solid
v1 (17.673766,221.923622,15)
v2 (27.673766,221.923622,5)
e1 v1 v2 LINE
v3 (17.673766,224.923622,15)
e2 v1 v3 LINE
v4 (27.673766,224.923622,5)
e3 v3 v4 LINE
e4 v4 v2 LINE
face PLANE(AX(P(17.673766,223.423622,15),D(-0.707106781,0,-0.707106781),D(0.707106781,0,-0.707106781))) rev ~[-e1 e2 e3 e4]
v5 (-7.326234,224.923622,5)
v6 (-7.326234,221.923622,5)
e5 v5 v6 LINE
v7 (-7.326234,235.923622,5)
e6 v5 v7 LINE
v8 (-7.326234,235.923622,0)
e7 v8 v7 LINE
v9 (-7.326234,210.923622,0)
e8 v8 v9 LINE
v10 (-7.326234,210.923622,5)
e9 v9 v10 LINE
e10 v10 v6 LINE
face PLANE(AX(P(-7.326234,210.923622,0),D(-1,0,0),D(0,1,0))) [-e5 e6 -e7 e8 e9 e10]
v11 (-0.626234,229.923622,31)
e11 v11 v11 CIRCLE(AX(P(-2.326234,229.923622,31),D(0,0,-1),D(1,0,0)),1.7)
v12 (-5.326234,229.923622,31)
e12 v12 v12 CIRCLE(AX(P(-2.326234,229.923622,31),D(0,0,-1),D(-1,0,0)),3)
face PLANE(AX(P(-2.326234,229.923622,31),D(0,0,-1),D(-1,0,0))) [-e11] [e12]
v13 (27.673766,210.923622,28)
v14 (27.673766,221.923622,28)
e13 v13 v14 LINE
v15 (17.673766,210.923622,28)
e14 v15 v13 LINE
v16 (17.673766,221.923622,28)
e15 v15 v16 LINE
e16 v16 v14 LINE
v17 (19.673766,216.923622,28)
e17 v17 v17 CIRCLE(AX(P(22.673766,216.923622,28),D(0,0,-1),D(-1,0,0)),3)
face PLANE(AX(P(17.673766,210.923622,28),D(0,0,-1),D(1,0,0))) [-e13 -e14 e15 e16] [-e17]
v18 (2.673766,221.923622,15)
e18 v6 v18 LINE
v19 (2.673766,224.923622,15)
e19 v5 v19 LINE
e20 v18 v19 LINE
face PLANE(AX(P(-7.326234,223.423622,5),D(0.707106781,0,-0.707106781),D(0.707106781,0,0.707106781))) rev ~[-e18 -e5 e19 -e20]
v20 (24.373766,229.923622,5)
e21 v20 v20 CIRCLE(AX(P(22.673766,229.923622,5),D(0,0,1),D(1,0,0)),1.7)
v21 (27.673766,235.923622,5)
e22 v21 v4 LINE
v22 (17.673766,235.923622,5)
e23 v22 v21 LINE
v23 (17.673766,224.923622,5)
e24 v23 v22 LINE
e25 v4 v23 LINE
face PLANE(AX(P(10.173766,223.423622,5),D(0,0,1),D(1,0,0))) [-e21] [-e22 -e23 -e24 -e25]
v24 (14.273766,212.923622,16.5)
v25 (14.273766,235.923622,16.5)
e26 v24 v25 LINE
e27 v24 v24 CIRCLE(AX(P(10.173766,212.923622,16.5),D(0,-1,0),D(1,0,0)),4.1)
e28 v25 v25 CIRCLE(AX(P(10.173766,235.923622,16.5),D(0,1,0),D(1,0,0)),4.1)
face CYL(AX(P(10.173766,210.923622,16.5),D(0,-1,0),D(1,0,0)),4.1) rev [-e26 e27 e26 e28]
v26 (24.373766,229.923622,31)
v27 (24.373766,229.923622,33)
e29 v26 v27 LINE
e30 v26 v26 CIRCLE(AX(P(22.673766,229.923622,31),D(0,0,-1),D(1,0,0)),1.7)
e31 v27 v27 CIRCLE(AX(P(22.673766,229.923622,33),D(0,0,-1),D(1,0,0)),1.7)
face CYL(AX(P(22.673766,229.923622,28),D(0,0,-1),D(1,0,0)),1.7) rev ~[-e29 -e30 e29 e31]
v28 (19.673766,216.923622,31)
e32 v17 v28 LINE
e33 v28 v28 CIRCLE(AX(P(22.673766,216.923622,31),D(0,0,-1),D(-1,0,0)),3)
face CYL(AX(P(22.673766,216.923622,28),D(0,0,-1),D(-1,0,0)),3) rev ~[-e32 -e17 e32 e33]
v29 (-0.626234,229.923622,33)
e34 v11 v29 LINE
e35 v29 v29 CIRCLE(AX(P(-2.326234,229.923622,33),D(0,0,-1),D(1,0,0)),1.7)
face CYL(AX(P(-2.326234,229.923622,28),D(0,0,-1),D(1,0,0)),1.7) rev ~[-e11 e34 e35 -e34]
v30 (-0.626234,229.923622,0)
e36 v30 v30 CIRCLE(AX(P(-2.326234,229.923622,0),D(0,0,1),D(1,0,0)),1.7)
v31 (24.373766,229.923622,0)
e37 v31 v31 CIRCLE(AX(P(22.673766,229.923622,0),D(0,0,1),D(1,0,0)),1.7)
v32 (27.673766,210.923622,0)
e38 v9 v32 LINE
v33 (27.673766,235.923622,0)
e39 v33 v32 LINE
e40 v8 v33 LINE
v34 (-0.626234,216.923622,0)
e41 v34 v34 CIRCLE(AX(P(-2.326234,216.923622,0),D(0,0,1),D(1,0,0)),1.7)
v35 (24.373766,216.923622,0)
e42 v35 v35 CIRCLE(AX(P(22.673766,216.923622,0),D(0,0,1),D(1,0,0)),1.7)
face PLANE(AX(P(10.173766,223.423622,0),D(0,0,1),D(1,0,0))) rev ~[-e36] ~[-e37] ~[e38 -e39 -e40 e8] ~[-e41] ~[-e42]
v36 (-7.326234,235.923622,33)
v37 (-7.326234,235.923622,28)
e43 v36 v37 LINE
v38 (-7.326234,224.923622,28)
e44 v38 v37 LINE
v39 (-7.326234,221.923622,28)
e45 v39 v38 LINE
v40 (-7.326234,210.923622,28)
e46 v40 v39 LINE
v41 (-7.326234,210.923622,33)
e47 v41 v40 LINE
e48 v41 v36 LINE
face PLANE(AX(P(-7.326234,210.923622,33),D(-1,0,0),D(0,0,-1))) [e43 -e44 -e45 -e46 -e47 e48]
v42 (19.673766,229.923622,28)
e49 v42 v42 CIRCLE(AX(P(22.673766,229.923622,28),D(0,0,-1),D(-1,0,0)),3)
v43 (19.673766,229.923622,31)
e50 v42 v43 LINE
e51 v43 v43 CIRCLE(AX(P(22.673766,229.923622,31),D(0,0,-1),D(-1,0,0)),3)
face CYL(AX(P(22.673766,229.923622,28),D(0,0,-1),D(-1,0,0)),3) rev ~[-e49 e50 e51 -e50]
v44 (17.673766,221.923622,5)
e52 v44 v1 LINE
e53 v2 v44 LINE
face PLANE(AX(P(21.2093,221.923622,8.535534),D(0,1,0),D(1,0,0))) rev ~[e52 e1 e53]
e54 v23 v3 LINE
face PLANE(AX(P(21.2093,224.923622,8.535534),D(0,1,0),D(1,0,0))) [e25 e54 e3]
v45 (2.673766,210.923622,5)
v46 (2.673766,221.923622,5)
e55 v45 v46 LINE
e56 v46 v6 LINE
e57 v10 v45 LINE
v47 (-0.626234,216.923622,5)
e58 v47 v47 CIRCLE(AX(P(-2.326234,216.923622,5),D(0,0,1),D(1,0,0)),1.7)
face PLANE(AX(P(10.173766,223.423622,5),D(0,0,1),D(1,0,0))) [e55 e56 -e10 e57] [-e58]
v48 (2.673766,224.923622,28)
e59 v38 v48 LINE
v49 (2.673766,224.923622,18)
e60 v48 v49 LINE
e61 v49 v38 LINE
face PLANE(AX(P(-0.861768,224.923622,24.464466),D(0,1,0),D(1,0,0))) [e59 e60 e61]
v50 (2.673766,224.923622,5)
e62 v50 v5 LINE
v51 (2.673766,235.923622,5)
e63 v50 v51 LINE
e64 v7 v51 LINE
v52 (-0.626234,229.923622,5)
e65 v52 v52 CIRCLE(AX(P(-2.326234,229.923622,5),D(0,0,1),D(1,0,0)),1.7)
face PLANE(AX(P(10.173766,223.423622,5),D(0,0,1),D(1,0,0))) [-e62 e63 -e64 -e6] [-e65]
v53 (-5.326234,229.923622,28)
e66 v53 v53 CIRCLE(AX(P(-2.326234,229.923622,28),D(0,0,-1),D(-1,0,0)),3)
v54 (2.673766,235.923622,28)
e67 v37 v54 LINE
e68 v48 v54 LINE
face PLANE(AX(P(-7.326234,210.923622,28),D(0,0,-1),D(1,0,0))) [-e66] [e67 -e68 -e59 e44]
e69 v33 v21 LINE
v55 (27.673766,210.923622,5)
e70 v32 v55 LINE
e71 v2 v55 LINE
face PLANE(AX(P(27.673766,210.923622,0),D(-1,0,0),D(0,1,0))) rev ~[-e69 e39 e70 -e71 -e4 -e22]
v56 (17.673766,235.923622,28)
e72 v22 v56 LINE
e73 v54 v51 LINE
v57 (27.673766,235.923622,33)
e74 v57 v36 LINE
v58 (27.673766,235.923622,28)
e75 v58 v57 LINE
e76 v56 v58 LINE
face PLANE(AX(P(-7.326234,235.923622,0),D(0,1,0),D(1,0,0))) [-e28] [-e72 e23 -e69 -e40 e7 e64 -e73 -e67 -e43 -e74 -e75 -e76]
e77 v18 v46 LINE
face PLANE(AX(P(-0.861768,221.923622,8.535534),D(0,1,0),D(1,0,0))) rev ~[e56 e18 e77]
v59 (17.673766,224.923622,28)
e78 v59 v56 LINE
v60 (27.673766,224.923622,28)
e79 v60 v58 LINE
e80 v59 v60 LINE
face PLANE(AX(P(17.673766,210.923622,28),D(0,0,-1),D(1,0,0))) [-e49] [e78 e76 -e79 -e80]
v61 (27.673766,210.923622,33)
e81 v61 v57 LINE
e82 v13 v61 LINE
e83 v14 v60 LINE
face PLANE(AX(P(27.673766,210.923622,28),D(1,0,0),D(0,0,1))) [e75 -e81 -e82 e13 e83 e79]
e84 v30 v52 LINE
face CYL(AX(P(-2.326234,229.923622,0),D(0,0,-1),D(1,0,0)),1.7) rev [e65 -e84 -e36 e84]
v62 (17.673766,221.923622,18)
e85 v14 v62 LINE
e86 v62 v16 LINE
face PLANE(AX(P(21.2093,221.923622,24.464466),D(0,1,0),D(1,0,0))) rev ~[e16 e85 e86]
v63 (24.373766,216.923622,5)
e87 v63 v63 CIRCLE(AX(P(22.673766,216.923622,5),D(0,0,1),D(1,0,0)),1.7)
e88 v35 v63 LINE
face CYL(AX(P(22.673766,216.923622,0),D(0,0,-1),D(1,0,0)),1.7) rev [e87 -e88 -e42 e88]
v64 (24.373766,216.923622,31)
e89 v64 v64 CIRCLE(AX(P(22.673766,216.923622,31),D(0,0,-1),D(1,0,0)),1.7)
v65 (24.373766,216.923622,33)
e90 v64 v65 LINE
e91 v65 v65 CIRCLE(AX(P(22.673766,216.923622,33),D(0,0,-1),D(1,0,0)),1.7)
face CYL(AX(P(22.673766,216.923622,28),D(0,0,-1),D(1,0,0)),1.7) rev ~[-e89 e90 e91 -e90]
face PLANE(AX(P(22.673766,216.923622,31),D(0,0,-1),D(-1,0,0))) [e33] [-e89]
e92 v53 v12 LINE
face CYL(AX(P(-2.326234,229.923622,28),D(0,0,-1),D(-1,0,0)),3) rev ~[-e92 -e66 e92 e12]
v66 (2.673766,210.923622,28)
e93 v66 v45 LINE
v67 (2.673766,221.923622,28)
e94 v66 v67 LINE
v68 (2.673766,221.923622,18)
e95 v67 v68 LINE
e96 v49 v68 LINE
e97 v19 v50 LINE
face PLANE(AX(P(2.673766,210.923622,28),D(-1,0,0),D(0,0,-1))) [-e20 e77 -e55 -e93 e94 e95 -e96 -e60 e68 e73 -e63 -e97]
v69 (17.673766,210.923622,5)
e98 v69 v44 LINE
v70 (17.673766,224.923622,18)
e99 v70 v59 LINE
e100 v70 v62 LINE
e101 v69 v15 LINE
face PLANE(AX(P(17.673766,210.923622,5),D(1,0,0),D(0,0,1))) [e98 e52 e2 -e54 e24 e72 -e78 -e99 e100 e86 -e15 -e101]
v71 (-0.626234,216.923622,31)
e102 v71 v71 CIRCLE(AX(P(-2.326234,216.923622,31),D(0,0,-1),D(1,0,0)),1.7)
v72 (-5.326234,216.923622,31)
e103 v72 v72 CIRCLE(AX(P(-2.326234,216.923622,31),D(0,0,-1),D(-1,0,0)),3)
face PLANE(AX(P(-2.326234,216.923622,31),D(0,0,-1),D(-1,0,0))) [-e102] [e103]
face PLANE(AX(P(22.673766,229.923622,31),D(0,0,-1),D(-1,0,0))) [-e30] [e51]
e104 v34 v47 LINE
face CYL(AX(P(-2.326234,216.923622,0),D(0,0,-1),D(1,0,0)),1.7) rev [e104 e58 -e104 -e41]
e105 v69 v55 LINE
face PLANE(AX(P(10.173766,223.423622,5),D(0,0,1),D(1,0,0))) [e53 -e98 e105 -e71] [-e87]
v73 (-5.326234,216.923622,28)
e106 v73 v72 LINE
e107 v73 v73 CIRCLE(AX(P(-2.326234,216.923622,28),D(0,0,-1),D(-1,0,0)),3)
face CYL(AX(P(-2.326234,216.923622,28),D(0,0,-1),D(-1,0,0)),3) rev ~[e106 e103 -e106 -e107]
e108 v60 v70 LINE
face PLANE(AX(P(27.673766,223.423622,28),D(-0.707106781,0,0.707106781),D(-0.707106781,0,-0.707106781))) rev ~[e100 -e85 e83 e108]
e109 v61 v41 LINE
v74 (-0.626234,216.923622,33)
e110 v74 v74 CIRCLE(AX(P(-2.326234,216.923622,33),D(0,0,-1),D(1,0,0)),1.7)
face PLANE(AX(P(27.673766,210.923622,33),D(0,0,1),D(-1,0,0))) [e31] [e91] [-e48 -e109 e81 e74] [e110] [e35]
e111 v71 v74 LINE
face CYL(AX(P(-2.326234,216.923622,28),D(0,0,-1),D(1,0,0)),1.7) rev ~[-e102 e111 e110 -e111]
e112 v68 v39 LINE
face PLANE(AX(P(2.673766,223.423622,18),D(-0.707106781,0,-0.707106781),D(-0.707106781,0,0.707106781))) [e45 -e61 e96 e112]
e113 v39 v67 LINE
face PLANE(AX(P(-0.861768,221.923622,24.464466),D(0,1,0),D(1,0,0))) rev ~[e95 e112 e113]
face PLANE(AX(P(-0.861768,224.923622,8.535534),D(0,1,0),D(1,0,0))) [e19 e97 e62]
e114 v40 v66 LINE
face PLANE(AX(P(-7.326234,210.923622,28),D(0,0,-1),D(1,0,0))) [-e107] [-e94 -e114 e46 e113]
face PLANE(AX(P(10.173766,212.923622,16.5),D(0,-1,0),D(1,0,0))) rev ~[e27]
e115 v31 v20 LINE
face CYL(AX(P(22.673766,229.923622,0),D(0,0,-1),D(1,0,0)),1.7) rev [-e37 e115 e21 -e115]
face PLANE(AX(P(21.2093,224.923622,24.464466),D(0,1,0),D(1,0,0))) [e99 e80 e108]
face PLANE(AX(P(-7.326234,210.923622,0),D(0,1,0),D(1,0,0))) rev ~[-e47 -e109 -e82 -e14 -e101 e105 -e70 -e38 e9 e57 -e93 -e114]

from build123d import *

# Parameters (mm, degrees)
SKETCH1_W           = 35
SKETCH1_H           = 25
SKETCH1_R           = 1.7
BOSS_EXTRUDE1_DEPTH = 5
BOSS_EXTRUDE2_DEPTH = 25
SKETCH4_R           = 1.7
CUT_EXTRUDE1_DEPTH  = 5
SKETCH5_R           = 3
SKETCH5_R_2         = 1.7
CUT_EXTRUDE3_DEPTH  = 3
BOSS_EXTRUDE3_DEPTH = 2
BOSS_EXTRUDE4_DEPTH = 1.5


with BuildPart() as part:
    # Sketch1 → Boss-Extrude1 (new body)
    with BuildSketch(Plane.XY):
        with Locations((10.173766162, 223.42362241)):
            Rectangle(SKETCH1_W, SKETCH1_H)
        with Locations((22.673766162, 216.923622409)):
            Circle(SKETCH1_R, mode=Mode.SUBTRACT)
        with Locations((22.673766162, 229.923622409)):
            Circle(SKETCH1_R, mode=Mode.SUBTRACT)
        with Locations((-2.326233838, 229.923622409)):
            Circle(SKETCH1_R, mode=Mode.SUBTRACT)
        with Locations((-2.326233838, 216.923622409)):
            Circle(SKETCH1_R, mode=Mode.SUBTRACT)
    extrude(amount=BOSS_EXTRUDE1_DEPTH)

    # Sketch3 → Boss-Extrude2 (add)
    with BuildSketch(Plane.XZ.offset(-210.92362241)):
        with BuildLine():
            Line((17.673766162, 28), (2.673766162, 28))
            Line((2.673766162, 28), (2.673766162, 16.5))
            Line((2.673766162, 16.5), (6.073766162, 16.5))
            ThreePointArc((6.073766162, 16.5), (10.173766162, 20.6), (14.273766162, 16.5))
            Line((14.273766162, 16.5), (17.673766162, 16.5))
            Line((17.673766162, 16.5), (17.673766162, 28))
        make_face()
        with BuildLine():
            Line((6.073766162, 16.5), (2.673766162, 16.5))
            Line((2.673766162, 16.5), (2.673766162, 5))
            Line((2.673766162, 5), (17.673766162, 5))
            Line((17.673766162, 5), (17.673766162, 16.5))
            Line((17.673766162, 16.5), (14.273766162, 16.5))
            ThreePointArc((14.273766162, 16.5), (10.173766162, 12.4), (6.073766162, 16.5))
        make_face()
        Polygon((27.673766162, 33), (-7.326233838, 33), (-7.326233838, 28), (2.673766162, 28), (17.673766162, 28), (27.673766162, 28), align=None)
    extrude(amount=-BOSS_EXTRUDE2_DEPTH)

    # Sketch4 → Cut-Extrude1 (cut)
    with BuildSketch(Plane(origin=(0, 0, 28), x_dir=(-1, 0, 0), z_dir=(0, 0, -1))):
        with Locations(Location((-22.673766162, 229.923622409, 0), (0, 0, 180))):
            Circle(SKETCH4_R)
        with Locations(Location((-22.673766162, 216.923622409, 0), (0, 0, 180))):
            Circle(SKETCH4_R)
        with Locations(Location((2.326233838, 229.923622409, 0), (0, 0, 180))):
            Circle(SKETCH4_R)
        with Locations(Location((2.326233838, 216.923622409, 0), (0, 0, 180))):
            Circle(SKETCH4_R)
    extrude(amount=-CUT_EXTRUDE1_DEPTH, mode=Mode.SUBTRACT)

    # Sketch5 → Cut-Extrude3 (cut)
    # profile 1 of 4: a face of its own
    with BuildSketch(Plane(origin=(0, 0, 28), x_dir=(-1, 0, 0), z_dir=(0, 0, -1))):
        with Locations((2.326233838, 216.923622409)):
            Circle(SKETCH5_R)
        with Locations((2.326233838, 216.923622409)):
            Circle(SKETCH5_R_2, mode=Mode.SUBTRACT)
    # profile 2 of 4: a face of its own
    with BuildSketch(Plane(origin=(0, 0, 28), x_dir=(-1, 0, 0), z_dir=(0, 0, -1))):
        with Locations((2.326233838, 229.923622409)):
            Circle(SKETCH5_R)
        with Locations((2.326233838, 229.923622409)):
            Circle(SKETCH5_R_2, mode=Mode.SUBTRACT)
    # profile 3 of 4: a face of its own
    with BuildSketch(Plane(origin=(0, 0, 28), x_dir=(-1, 0, 0), z_dir=(0, 0, -1))):
        with Locations((-22.673766162, 216.923622409)):
            Circle(SKETCH5_R)
        with Locations((-22.673766162, 216.923622409)):
            Circle(SKETCH5_R_2, mode=Mode.SUBTRACT)
    # profile 4 of 4: a face of its own
    with BuildSketch(Plane(origin=(0, 0, 28), x_dir=(-1, 0, 0), z_dir=(0, 0, -1))):
        with Locations((-22.673766162, 229.923622409)):
            Circle(SKETCH5_R)
        with Locations((-22.673766162, 229.923622409)):
            Circle(SKETCH5_R_2, mode=Mode.SUBTRACT)
    extrude(amount=-CUT_EXTRUDE3_DEPTH, mode=Mode.SUBTRACT)

    # Sketch6 → Boss-Extrude3 (add)
    with BuildSketch(Plane.XZ.offset(-210.92362241)):
        Polygon((-7.326233838, 0), (27.673766162, 0), (27.673766162, 5), (17.673766162, 5), (17.673766162, 28), (27.673766162, 28), (27.673766162, 33), (-7.326233838, 33), (-7.326233838, 28), (2.673766162, 28), (2.673766162, 5), (-7.326233838, 5), align=None)
    extrude(amount=-BOSS_EXTRUDE3_DEPTH)

    # Sketch7 → Boss-Extrude4 (add, symmetric)
    with BuildSketch(Plane(origin=(0, 223.42362241, 0), x_dir=(1, 0, 0), z_dir=(0, 1, 0))):
        Polygon((17.673766162, -28), (27.673766162, -28), (17.673766162, -18), align=None)
        Polygon((17.673766162, -5), (17.673766162, -15), (27.673766162, -5), align=None)
        Polygon((-7.326233838, -5), (2.673766162, -15), (2.673766162, -5), align=None)
        Polygon((2.673766162, -18), (-7.326233838, -28), (2.673766162, -28), align=None)
    extrude(amount=BOSS_EXTRUDE4_DEPTH, both=True)


solid = part.part
